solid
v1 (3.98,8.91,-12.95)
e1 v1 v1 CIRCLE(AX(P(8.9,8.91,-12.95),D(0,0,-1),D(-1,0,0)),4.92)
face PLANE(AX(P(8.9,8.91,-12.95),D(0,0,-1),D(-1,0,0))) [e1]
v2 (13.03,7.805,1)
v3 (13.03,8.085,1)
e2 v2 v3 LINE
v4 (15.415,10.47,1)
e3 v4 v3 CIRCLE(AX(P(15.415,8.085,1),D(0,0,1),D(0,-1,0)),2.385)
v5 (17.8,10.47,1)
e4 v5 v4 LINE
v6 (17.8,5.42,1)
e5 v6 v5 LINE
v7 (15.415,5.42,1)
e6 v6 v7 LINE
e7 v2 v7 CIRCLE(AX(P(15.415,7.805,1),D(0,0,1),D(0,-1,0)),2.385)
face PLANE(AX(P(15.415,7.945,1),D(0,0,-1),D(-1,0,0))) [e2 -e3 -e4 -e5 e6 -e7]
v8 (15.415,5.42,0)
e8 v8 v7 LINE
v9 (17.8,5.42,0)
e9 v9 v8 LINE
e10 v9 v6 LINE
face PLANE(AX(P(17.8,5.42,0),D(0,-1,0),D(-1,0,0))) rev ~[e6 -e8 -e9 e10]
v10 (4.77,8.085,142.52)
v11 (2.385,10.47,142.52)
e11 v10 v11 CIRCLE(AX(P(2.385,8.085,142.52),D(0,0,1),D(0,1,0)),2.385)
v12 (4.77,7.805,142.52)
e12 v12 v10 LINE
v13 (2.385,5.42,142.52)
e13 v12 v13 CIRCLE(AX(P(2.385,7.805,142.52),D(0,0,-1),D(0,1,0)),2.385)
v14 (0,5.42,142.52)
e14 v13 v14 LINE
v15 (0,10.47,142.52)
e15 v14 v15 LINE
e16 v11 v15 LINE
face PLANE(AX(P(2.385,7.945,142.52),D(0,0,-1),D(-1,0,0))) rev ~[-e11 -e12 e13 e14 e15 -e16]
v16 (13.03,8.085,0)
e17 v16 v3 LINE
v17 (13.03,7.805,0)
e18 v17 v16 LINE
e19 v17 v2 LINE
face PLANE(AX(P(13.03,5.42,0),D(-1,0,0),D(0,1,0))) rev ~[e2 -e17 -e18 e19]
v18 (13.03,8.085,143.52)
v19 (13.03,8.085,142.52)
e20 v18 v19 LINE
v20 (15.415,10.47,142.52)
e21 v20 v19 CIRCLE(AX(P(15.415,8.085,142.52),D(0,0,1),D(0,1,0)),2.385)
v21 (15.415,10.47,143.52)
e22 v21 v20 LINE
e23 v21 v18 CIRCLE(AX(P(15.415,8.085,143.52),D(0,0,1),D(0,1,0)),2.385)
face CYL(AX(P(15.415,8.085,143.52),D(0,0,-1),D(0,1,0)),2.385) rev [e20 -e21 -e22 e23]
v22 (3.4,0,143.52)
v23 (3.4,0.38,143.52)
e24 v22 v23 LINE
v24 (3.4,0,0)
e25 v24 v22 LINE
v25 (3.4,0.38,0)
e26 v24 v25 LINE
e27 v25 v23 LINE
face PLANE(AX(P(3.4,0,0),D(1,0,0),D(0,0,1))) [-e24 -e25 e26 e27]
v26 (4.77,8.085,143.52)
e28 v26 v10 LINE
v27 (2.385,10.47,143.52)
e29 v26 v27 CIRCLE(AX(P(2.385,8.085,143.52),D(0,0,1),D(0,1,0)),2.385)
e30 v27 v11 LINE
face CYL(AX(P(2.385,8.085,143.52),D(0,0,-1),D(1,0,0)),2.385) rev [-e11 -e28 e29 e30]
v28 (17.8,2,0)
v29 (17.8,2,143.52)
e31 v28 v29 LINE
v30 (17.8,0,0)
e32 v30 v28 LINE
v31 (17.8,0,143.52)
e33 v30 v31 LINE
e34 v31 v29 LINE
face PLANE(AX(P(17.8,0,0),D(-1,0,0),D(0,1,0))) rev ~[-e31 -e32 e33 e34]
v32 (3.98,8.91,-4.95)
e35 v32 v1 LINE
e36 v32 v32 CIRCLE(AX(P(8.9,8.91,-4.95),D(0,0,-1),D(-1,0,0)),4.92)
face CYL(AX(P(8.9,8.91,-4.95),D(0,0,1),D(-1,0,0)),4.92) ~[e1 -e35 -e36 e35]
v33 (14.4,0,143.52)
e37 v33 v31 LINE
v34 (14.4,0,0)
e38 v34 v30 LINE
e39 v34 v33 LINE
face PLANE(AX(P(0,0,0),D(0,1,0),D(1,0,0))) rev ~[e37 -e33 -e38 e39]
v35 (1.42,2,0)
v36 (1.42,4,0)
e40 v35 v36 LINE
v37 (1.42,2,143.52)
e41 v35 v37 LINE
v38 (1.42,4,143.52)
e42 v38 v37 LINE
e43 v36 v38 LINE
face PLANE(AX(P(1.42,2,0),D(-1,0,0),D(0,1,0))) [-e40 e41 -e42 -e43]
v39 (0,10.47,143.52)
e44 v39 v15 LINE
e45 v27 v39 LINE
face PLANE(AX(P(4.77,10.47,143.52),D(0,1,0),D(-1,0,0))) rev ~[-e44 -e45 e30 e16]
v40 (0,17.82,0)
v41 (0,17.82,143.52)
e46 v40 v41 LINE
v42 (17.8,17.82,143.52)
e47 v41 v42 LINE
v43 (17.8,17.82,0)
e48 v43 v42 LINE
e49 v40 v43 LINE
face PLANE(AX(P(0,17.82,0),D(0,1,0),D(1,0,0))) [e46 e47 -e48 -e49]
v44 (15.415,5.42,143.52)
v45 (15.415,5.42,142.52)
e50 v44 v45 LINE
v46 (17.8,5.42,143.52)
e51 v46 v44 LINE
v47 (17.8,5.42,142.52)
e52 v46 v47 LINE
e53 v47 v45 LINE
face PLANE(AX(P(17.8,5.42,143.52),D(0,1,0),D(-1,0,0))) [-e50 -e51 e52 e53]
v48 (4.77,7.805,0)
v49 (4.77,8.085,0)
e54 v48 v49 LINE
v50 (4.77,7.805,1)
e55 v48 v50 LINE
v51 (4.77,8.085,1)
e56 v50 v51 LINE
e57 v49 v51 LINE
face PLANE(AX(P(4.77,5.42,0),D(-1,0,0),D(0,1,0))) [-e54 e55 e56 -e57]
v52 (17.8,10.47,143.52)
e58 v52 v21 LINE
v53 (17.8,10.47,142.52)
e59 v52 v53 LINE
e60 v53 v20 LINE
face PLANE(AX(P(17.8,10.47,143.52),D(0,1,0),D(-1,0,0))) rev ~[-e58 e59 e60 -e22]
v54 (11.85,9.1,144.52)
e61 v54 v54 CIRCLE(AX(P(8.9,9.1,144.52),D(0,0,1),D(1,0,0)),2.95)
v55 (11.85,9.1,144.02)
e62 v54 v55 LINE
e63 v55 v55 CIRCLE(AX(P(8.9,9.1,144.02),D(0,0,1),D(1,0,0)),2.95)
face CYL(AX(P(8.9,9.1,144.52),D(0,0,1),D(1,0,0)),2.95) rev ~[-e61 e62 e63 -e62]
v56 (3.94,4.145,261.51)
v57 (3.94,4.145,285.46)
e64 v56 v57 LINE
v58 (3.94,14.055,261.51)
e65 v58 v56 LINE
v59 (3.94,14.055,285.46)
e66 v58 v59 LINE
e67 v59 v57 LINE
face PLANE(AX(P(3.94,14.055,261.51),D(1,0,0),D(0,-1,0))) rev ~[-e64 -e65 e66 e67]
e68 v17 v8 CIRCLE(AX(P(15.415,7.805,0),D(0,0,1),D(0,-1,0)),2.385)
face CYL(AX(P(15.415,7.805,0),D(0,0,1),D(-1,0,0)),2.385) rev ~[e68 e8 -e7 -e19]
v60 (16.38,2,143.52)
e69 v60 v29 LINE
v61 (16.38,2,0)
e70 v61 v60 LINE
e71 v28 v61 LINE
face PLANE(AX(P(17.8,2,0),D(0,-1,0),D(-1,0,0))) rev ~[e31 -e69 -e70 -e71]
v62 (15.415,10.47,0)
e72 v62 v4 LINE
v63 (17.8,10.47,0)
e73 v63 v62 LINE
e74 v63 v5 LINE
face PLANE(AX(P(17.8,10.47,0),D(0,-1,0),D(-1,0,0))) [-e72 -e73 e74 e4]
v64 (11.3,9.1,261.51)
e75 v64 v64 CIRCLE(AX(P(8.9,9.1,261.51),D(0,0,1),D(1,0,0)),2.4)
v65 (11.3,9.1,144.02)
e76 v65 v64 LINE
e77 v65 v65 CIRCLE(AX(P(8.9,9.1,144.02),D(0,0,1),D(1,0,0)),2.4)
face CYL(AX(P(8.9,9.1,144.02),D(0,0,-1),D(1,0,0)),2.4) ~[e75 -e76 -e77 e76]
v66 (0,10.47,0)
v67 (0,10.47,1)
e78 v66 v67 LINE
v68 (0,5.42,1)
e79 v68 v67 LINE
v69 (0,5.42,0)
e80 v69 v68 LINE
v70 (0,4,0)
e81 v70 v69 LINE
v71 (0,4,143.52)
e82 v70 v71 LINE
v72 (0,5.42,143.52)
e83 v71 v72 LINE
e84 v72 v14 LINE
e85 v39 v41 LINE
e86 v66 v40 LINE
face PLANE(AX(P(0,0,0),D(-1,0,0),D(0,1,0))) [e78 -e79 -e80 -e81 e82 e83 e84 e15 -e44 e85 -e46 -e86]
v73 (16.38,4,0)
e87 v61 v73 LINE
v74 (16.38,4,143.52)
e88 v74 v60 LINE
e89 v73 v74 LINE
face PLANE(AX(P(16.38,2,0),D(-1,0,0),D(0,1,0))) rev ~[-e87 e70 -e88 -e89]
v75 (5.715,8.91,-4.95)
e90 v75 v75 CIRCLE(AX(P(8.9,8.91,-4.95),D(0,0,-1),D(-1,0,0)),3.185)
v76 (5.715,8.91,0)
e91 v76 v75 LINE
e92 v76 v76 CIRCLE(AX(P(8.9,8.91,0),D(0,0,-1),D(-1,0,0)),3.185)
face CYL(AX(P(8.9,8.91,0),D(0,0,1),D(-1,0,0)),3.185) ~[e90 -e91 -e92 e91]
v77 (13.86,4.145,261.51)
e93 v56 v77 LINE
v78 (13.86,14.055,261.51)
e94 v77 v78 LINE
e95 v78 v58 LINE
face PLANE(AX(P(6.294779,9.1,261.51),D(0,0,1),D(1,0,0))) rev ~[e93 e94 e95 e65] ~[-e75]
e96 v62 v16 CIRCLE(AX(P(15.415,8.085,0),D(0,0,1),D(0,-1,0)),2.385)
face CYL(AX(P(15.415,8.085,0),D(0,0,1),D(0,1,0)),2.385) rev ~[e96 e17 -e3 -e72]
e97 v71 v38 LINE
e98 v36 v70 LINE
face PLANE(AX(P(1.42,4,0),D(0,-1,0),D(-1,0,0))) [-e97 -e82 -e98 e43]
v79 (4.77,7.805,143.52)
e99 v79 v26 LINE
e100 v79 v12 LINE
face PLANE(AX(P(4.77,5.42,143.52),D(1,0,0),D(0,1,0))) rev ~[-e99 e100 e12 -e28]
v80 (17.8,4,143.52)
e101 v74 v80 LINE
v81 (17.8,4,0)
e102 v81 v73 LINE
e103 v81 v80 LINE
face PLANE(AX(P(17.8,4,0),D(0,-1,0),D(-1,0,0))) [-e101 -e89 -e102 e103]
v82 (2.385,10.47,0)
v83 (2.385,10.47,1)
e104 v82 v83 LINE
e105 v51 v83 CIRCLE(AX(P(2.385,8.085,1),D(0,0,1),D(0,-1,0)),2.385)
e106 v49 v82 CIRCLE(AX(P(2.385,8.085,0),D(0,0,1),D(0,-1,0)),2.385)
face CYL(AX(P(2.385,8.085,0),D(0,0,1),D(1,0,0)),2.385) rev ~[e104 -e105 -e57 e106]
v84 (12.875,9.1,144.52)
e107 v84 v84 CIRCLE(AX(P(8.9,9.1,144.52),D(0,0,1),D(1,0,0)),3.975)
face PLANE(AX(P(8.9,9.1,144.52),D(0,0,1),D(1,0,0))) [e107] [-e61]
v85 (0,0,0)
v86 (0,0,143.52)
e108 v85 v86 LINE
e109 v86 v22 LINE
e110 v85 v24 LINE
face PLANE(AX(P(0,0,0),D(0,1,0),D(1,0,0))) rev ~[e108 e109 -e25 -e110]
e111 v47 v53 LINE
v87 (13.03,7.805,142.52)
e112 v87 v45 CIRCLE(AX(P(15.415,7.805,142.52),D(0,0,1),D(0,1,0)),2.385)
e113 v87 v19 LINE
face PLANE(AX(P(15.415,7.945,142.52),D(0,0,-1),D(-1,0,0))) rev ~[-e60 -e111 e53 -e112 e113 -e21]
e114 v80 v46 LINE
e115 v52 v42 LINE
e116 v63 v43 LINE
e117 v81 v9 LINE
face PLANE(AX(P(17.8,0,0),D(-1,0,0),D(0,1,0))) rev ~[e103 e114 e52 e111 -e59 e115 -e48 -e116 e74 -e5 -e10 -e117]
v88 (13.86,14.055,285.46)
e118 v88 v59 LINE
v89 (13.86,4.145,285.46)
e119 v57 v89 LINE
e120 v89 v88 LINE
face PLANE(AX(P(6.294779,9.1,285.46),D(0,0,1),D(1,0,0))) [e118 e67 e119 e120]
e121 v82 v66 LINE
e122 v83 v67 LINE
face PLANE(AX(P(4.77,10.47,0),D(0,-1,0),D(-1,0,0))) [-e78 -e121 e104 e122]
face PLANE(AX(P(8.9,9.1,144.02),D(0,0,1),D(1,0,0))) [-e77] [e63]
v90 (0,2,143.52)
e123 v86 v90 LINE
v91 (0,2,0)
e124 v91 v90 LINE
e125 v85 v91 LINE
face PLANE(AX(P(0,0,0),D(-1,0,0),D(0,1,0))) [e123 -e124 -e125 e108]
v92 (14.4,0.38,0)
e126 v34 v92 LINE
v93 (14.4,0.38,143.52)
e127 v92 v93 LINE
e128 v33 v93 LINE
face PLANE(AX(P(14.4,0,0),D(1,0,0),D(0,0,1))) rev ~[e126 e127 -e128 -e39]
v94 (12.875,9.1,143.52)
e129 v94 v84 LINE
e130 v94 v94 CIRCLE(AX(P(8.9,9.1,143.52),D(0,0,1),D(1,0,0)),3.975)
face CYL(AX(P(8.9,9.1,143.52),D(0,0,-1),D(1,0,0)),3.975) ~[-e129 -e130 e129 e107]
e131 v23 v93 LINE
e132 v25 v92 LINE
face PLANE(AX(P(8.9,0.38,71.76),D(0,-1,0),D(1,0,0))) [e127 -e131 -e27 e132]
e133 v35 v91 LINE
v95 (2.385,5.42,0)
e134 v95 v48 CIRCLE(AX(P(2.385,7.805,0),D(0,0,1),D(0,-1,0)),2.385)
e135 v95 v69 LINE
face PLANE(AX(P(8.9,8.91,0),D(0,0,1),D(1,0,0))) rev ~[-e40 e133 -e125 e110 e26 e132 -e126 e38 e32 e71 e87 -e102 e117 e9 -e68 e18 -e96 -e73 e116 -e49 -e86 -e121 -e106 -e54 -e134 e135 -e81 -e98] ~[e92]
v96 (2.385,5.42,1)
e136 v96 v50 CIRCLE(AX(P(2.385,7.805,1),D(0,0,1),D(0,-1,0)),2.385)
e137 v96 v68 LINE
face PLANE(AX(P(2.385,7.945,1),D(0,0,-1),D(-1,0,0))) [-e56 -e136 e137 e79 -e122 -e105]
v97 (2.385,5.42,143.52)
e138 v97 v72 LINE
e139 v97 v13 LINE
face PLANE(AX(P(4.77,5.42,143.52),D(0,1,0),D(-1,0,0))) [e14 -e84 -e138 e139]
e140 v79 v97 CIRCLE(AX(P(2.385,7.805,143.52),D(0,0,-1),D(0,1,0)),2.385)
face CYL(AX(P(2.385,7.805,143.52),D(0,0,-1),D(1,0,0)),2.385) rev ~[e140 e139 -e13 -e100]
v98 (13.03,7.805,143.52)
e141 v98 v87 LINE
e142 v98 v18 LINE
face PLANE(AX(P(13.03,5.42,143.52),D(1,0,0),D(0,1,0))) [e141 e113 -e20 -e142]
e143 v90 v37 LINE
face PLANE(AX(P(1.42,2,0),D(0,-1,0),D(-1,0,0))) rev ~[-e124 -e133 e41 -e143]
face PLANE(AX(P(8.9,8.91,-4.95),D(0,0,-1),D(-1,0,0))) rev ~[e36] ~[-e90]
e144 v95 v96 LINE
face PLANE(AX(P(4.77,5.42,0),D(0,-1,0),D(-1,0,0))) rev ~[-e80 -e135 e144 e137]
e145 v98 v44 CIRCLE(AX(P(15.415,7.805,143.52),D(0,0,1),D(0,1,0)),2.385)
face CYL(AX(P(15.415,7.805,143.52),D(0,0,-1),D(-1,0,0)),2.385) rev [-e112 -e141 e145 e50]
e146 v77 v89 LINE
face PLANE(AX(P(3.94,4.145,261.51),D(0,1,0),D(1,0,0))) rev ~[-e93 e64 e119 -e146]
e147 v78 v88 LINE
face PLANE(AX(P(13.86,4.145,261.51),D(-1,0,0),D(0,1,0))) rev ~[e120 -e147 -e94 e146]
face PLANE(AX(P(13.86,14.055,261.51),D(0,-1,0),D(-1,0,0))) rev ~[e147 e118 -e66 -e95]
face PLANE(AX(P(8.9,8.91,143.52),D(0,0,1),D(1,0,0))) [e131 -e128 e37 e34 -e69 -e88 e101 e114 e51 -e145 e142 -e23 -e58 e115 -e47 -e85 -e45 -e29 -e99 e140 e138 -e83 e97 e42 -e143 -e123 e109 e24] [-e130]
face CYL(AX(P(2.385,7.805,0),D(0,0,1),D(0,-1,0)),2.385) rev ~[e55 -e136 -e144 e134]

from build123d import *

# Parameters (mm, degrees)
CROQUIS1_W              = 17.8
CROQUIS1_H              = 17.82
SALIENTE_EXTRUIR1_DEPTH = 143.52
CROQUIS2_W              = 11
CROQUIS2_H              = 143.52
CORTAR_EXTRUIR1_DEPTH   = 0.38
CROQUIS3_W              = 1.42
CROQUIS3_H              = 2
CORTAR_EXTRUIR2_DEPTH   = 144.52
CROQUIS4_W              = 4.77
CROQUIS4_H              = 5.05
CORTAR_EXTRUIR3_DEPTH   = 1
CORTAR_EXTRUIR4_START   = -142.52
CROQUIS5_W              = 4.77
CROQUIS5_H              = 5.05
CORTAR_EXTRUIR4_DEPTH   = 1
REDONDEO1_R             = 2.385
REDONDEO2_R             = 2.385
REDONDEO3_R             = 2.385
REDONDEO4_R             = 2.385
REDONDEO5_R             = 2.385
REDONDEO6_R             = 2.385
REDONDEO7_R             = 2.385
REDONDEO8_R             = 2.385
CROQUIS6_R              = 3.975
SALIENTE_EXTRUIR2_DEPTH = 1
CROQUIS7_R              = 2.95
CORTAR_EXTRUIR5_DEPTH   = 0.5
CROQUIS8_R              = 2.4
SALIENTE_EXTRUIR3_DEPTH = 117.49
SALIENTE_EXTRUIR4_DEPTH = 23.95
CROQUIS10_R             = 3.185
SALIENTE_EXTRUIR5_DEPTH = 4.95
CROQUIS15_R             = 4.92
SALIENTE_EXTRUIR6_DEPTH = 8


with BuildPart() as part:
    # Croquis1 → Saliente-Extruir1 (new body)
    with BuildSketch(Plane.XY):
        with Locations((8.9, 8.91)):
            Rectangle(CROQUIS1_W, CROQUIS1_H)
    extrude(amount=SALIENTE_EXTRUIR1_DEPTH)

    # Croquis2 → Cortar-Extruir1 (cut)
    with BuildSketch(Plane.XZ):
        with Locations((8.9, 71.76)):
            Rectangle(CROQUIS2_W, CROQUIS2_H)
    extrude(amount=-CORTAR_EXTRUIR1_DEPTH, mode=Mode.SUBTRACT)

    # Croquis3 → Cortar-Extruir2 (cut, through all)
    with BuildSketch(Plane(origin=(0, 0, 0), x_dir=(-1, 0, 0), z_dir=(0, 0, -1))):
        with Locations((-17.09, 3)):
            Rectangle(CROQUIS3_W, CROQUIS3_H)
        with Locations((-0.71, 3)):
            Rectangle(CROQUIS3_W, CROQUIS3_H)
    extrude(amount=-CORTAR_EXTRUIR2_DEPTH, mode=Mode.SUBTRACT)

    # Croquis4 → Cortar-Extruir3 (cut)
    with BuildSketch(Plane(origin=(0, 0, 0), x_dir=(-1, 0, 0), z_dir=(0, 0, -1))):
        with Locations((-2.385, 7.945)):
            Rectangle(CROQUIS4_W, CROQUIS4_H)
        with Locations((-15.415, 7.945)):
            Rectangle(CROQUIS4_W, CROQUIS4_H)
    extrude(amount=-CORTAR_EXTRUIR3_DEPTH, mode=Mode.SUBTRACT)

    # Croquis5 → Cortar-Extruir4 (cut)
    with BuildSketch(Plane(origin=(0, 0, 1), x_dir=(-1, 0, 0), z_dir=(0, 0, -1)).offset(CORTAR_EXTRUIR4_START)):
        with Locations((-15.415, 7.945)):
            Rectangle(CROQUIS5_W, CROQUIS5_H)
        with Locations((-2.385, 7.945)):
            Rectangle(CROQUIS5_W, CROQUIS5_H)
    extrude(amount=CORTAR_EXTRUIR4_DEPTH, mode=Mode.SUBTRACT)

    # Redondeo1
    redondeo1_edges = [part.edges().sort_by_distance(p)[0] for p in [
        (4.77, 5.42, 0.5),
    ]]
    fillet(redondeo1_edges, radius=REDONDEO1_R)

    # Redondeo2
    redondeo2_edges = [part.edges().sort_by_distance(p)[0] for p in [
        (4.77, 10.47, 0.5),
    ]]
    fillet(redondeo2_edges, radius=REDONDEO2_R)

    # Redondeo3
    redondeo3_edges = [part.edges().sort_by_distance(p)[0] for p in [
        (13.03, 10.47, 0.5),
    ]]
    fillet(redondeo3_edges, radius=REDONDEO3_R)

    # Redondeo4
    redondeo4_edges = [part.edges().sort_by_distance(p)[0] for p in [
        (13.03, 5.42, 0.5),
    ]]
    fillet(redondeo4_edges, radius=REDONDEO4_R)

    # Redondeo5
    redondeo5_edges = [part.edges().sort_by_distance(p)[0] for p in [
        (13.03, 10.47, 143.02),
    ]]
    fillet(redondeo5_edges, radius=REDONDEO5_R)

    # Redondeo6
    redondeo6_edges = [part.edges().sort_by_distance(p)[0] for p in [
        (13.03, 5.42, 143.02),
    ]]
    fillet(redondeo6_edges, radius=REDONDEO6_R)

    # Redondeo7
    redondeo7_edges = [part.edges().sort_by_distance(p)[0] for p in [
        (4.77, 5.42, 143.02),
    ]]
    fillet(redondeo7_edges, radius=REDONDEO7_R)

    # Redondeo8
    redondeo8_edges = [part.edges().sort_by_distance(p)[0] for p in [
        (4.77, 10.47, 143.02),
    ]]
    fillet(redondeo8_edges, radius=REDONDEO8_R)

    # Croquis6 → Saliente-Extruir2 (add)
    with BuildSketch(Plane.XY.offset(143.52)):
        with Locations((8.9, 9.1)):
            Circle(CROQUIS6_R)
    extrude(amount=SALIENTE_EXTRUIR2_DEPTH)

    # Croquis7 → Cortar-Extruir5 (cut)
    with BuildSketch(Plane.XY.offset(144.52)):
        with Locations((8.9, 9.1)):
            Circle(CROQUIS7_R)
    extrude(amount=-CORTAR_EXTRUIR5_DEPTH, mode=Mode.SUBTRACT)

    # Croquis8 → Saliente-Extruir3 (add)
    with BuildSketch(Plane.XY.offset(144.02)):
        with Locations((8.9, 9.1)):
            Circle(CROQUIS8_R)
    extrude(amount=SALIENTE_EXTRUIR3_DEPTH)

    # Croquis9 → Saliente-Extruir4 (add)
    with BuildSketch(Plane.XY.offset(261.51)):
        with BuildLine():
            Line((3.94, 4.145), (8.9, 4.145))
            Line((8.9, 4.145), (8.9, 6.7))
            ThreePointArc((8.9, 6.7), (6.5, 9.1), (8.9, 11.5))
            Line((8.9, 11.5), (8.9, 14.055))
            Line((8.9, 14.055), (3.94, 14.055))
            Line((3.94, 14.055), (3.94, 4.145))
        make_face()
        with BuildLine():
            Line((8.9, 6.7), (8.9, 4.145))
            Line((8.9, 4.145), (13.86, 4.145))
            Line((13.86, 4.145), (13.86, 14.055))
            Line((13.86, 14.055), (8.9, 14.055))
            Line((8.9, 14.055), (8.9, 11.5))
            ThreePointArc((8.9, 11.5), (10.597056275, 10.797056275), (11.3, 9.1))
            ThreePointArc((11.3, 9.1), (10.597056275, 7.402943725), (8.9, 6.7))
        make_face()
        with BuildLine():
            ThreePointArc((8.9, 11.5), (6.5, 9.1), (8.9, 6.7))
            Line((8.9, 6.7), (8.9, 11.5))
        make_face()
        with BuildLine():
            Line((8.9, 11.5), (8.9, 6.7))
            ThreePointArc((8.9, 6.7), (10.597056275, 7.402943725), (11.3, 9.1))
            ThreePointArc((11.3, 9.1), (10.597056275, 10.797056275), (8.9, 11.5))
        make_face()
    extrude(amount=SALIENTE_EXTRUIR4_DEPTH)

    # Croquis10 → Saliente-Extruir5 (add)
    with BuildSketch(Plane(origin=(0, 0, 0), x_dir=(-1, 0, 0), z_dir=(0, 0, -1))):
        with Locations((-8.9, 8.91)):
            Circle(CROQUIS10_R)
    extrude(amount=SALIENTE_EXTRUIR5_DEPTH)

    # Croquis15 → Saliente-Extruir6 (add)
    with BuildSketch(Plane(origin=(0, 0, -4.95), x_dir=(-1, 0, 0), z_dir=(0, 0, -1))):
        with Locations((-8.9, 8.91)):
            Circle(CROQUIS15_R)
    extrude(amount=SALIENTE_EXTRUIR6_DEPTH)


solid = part.part
